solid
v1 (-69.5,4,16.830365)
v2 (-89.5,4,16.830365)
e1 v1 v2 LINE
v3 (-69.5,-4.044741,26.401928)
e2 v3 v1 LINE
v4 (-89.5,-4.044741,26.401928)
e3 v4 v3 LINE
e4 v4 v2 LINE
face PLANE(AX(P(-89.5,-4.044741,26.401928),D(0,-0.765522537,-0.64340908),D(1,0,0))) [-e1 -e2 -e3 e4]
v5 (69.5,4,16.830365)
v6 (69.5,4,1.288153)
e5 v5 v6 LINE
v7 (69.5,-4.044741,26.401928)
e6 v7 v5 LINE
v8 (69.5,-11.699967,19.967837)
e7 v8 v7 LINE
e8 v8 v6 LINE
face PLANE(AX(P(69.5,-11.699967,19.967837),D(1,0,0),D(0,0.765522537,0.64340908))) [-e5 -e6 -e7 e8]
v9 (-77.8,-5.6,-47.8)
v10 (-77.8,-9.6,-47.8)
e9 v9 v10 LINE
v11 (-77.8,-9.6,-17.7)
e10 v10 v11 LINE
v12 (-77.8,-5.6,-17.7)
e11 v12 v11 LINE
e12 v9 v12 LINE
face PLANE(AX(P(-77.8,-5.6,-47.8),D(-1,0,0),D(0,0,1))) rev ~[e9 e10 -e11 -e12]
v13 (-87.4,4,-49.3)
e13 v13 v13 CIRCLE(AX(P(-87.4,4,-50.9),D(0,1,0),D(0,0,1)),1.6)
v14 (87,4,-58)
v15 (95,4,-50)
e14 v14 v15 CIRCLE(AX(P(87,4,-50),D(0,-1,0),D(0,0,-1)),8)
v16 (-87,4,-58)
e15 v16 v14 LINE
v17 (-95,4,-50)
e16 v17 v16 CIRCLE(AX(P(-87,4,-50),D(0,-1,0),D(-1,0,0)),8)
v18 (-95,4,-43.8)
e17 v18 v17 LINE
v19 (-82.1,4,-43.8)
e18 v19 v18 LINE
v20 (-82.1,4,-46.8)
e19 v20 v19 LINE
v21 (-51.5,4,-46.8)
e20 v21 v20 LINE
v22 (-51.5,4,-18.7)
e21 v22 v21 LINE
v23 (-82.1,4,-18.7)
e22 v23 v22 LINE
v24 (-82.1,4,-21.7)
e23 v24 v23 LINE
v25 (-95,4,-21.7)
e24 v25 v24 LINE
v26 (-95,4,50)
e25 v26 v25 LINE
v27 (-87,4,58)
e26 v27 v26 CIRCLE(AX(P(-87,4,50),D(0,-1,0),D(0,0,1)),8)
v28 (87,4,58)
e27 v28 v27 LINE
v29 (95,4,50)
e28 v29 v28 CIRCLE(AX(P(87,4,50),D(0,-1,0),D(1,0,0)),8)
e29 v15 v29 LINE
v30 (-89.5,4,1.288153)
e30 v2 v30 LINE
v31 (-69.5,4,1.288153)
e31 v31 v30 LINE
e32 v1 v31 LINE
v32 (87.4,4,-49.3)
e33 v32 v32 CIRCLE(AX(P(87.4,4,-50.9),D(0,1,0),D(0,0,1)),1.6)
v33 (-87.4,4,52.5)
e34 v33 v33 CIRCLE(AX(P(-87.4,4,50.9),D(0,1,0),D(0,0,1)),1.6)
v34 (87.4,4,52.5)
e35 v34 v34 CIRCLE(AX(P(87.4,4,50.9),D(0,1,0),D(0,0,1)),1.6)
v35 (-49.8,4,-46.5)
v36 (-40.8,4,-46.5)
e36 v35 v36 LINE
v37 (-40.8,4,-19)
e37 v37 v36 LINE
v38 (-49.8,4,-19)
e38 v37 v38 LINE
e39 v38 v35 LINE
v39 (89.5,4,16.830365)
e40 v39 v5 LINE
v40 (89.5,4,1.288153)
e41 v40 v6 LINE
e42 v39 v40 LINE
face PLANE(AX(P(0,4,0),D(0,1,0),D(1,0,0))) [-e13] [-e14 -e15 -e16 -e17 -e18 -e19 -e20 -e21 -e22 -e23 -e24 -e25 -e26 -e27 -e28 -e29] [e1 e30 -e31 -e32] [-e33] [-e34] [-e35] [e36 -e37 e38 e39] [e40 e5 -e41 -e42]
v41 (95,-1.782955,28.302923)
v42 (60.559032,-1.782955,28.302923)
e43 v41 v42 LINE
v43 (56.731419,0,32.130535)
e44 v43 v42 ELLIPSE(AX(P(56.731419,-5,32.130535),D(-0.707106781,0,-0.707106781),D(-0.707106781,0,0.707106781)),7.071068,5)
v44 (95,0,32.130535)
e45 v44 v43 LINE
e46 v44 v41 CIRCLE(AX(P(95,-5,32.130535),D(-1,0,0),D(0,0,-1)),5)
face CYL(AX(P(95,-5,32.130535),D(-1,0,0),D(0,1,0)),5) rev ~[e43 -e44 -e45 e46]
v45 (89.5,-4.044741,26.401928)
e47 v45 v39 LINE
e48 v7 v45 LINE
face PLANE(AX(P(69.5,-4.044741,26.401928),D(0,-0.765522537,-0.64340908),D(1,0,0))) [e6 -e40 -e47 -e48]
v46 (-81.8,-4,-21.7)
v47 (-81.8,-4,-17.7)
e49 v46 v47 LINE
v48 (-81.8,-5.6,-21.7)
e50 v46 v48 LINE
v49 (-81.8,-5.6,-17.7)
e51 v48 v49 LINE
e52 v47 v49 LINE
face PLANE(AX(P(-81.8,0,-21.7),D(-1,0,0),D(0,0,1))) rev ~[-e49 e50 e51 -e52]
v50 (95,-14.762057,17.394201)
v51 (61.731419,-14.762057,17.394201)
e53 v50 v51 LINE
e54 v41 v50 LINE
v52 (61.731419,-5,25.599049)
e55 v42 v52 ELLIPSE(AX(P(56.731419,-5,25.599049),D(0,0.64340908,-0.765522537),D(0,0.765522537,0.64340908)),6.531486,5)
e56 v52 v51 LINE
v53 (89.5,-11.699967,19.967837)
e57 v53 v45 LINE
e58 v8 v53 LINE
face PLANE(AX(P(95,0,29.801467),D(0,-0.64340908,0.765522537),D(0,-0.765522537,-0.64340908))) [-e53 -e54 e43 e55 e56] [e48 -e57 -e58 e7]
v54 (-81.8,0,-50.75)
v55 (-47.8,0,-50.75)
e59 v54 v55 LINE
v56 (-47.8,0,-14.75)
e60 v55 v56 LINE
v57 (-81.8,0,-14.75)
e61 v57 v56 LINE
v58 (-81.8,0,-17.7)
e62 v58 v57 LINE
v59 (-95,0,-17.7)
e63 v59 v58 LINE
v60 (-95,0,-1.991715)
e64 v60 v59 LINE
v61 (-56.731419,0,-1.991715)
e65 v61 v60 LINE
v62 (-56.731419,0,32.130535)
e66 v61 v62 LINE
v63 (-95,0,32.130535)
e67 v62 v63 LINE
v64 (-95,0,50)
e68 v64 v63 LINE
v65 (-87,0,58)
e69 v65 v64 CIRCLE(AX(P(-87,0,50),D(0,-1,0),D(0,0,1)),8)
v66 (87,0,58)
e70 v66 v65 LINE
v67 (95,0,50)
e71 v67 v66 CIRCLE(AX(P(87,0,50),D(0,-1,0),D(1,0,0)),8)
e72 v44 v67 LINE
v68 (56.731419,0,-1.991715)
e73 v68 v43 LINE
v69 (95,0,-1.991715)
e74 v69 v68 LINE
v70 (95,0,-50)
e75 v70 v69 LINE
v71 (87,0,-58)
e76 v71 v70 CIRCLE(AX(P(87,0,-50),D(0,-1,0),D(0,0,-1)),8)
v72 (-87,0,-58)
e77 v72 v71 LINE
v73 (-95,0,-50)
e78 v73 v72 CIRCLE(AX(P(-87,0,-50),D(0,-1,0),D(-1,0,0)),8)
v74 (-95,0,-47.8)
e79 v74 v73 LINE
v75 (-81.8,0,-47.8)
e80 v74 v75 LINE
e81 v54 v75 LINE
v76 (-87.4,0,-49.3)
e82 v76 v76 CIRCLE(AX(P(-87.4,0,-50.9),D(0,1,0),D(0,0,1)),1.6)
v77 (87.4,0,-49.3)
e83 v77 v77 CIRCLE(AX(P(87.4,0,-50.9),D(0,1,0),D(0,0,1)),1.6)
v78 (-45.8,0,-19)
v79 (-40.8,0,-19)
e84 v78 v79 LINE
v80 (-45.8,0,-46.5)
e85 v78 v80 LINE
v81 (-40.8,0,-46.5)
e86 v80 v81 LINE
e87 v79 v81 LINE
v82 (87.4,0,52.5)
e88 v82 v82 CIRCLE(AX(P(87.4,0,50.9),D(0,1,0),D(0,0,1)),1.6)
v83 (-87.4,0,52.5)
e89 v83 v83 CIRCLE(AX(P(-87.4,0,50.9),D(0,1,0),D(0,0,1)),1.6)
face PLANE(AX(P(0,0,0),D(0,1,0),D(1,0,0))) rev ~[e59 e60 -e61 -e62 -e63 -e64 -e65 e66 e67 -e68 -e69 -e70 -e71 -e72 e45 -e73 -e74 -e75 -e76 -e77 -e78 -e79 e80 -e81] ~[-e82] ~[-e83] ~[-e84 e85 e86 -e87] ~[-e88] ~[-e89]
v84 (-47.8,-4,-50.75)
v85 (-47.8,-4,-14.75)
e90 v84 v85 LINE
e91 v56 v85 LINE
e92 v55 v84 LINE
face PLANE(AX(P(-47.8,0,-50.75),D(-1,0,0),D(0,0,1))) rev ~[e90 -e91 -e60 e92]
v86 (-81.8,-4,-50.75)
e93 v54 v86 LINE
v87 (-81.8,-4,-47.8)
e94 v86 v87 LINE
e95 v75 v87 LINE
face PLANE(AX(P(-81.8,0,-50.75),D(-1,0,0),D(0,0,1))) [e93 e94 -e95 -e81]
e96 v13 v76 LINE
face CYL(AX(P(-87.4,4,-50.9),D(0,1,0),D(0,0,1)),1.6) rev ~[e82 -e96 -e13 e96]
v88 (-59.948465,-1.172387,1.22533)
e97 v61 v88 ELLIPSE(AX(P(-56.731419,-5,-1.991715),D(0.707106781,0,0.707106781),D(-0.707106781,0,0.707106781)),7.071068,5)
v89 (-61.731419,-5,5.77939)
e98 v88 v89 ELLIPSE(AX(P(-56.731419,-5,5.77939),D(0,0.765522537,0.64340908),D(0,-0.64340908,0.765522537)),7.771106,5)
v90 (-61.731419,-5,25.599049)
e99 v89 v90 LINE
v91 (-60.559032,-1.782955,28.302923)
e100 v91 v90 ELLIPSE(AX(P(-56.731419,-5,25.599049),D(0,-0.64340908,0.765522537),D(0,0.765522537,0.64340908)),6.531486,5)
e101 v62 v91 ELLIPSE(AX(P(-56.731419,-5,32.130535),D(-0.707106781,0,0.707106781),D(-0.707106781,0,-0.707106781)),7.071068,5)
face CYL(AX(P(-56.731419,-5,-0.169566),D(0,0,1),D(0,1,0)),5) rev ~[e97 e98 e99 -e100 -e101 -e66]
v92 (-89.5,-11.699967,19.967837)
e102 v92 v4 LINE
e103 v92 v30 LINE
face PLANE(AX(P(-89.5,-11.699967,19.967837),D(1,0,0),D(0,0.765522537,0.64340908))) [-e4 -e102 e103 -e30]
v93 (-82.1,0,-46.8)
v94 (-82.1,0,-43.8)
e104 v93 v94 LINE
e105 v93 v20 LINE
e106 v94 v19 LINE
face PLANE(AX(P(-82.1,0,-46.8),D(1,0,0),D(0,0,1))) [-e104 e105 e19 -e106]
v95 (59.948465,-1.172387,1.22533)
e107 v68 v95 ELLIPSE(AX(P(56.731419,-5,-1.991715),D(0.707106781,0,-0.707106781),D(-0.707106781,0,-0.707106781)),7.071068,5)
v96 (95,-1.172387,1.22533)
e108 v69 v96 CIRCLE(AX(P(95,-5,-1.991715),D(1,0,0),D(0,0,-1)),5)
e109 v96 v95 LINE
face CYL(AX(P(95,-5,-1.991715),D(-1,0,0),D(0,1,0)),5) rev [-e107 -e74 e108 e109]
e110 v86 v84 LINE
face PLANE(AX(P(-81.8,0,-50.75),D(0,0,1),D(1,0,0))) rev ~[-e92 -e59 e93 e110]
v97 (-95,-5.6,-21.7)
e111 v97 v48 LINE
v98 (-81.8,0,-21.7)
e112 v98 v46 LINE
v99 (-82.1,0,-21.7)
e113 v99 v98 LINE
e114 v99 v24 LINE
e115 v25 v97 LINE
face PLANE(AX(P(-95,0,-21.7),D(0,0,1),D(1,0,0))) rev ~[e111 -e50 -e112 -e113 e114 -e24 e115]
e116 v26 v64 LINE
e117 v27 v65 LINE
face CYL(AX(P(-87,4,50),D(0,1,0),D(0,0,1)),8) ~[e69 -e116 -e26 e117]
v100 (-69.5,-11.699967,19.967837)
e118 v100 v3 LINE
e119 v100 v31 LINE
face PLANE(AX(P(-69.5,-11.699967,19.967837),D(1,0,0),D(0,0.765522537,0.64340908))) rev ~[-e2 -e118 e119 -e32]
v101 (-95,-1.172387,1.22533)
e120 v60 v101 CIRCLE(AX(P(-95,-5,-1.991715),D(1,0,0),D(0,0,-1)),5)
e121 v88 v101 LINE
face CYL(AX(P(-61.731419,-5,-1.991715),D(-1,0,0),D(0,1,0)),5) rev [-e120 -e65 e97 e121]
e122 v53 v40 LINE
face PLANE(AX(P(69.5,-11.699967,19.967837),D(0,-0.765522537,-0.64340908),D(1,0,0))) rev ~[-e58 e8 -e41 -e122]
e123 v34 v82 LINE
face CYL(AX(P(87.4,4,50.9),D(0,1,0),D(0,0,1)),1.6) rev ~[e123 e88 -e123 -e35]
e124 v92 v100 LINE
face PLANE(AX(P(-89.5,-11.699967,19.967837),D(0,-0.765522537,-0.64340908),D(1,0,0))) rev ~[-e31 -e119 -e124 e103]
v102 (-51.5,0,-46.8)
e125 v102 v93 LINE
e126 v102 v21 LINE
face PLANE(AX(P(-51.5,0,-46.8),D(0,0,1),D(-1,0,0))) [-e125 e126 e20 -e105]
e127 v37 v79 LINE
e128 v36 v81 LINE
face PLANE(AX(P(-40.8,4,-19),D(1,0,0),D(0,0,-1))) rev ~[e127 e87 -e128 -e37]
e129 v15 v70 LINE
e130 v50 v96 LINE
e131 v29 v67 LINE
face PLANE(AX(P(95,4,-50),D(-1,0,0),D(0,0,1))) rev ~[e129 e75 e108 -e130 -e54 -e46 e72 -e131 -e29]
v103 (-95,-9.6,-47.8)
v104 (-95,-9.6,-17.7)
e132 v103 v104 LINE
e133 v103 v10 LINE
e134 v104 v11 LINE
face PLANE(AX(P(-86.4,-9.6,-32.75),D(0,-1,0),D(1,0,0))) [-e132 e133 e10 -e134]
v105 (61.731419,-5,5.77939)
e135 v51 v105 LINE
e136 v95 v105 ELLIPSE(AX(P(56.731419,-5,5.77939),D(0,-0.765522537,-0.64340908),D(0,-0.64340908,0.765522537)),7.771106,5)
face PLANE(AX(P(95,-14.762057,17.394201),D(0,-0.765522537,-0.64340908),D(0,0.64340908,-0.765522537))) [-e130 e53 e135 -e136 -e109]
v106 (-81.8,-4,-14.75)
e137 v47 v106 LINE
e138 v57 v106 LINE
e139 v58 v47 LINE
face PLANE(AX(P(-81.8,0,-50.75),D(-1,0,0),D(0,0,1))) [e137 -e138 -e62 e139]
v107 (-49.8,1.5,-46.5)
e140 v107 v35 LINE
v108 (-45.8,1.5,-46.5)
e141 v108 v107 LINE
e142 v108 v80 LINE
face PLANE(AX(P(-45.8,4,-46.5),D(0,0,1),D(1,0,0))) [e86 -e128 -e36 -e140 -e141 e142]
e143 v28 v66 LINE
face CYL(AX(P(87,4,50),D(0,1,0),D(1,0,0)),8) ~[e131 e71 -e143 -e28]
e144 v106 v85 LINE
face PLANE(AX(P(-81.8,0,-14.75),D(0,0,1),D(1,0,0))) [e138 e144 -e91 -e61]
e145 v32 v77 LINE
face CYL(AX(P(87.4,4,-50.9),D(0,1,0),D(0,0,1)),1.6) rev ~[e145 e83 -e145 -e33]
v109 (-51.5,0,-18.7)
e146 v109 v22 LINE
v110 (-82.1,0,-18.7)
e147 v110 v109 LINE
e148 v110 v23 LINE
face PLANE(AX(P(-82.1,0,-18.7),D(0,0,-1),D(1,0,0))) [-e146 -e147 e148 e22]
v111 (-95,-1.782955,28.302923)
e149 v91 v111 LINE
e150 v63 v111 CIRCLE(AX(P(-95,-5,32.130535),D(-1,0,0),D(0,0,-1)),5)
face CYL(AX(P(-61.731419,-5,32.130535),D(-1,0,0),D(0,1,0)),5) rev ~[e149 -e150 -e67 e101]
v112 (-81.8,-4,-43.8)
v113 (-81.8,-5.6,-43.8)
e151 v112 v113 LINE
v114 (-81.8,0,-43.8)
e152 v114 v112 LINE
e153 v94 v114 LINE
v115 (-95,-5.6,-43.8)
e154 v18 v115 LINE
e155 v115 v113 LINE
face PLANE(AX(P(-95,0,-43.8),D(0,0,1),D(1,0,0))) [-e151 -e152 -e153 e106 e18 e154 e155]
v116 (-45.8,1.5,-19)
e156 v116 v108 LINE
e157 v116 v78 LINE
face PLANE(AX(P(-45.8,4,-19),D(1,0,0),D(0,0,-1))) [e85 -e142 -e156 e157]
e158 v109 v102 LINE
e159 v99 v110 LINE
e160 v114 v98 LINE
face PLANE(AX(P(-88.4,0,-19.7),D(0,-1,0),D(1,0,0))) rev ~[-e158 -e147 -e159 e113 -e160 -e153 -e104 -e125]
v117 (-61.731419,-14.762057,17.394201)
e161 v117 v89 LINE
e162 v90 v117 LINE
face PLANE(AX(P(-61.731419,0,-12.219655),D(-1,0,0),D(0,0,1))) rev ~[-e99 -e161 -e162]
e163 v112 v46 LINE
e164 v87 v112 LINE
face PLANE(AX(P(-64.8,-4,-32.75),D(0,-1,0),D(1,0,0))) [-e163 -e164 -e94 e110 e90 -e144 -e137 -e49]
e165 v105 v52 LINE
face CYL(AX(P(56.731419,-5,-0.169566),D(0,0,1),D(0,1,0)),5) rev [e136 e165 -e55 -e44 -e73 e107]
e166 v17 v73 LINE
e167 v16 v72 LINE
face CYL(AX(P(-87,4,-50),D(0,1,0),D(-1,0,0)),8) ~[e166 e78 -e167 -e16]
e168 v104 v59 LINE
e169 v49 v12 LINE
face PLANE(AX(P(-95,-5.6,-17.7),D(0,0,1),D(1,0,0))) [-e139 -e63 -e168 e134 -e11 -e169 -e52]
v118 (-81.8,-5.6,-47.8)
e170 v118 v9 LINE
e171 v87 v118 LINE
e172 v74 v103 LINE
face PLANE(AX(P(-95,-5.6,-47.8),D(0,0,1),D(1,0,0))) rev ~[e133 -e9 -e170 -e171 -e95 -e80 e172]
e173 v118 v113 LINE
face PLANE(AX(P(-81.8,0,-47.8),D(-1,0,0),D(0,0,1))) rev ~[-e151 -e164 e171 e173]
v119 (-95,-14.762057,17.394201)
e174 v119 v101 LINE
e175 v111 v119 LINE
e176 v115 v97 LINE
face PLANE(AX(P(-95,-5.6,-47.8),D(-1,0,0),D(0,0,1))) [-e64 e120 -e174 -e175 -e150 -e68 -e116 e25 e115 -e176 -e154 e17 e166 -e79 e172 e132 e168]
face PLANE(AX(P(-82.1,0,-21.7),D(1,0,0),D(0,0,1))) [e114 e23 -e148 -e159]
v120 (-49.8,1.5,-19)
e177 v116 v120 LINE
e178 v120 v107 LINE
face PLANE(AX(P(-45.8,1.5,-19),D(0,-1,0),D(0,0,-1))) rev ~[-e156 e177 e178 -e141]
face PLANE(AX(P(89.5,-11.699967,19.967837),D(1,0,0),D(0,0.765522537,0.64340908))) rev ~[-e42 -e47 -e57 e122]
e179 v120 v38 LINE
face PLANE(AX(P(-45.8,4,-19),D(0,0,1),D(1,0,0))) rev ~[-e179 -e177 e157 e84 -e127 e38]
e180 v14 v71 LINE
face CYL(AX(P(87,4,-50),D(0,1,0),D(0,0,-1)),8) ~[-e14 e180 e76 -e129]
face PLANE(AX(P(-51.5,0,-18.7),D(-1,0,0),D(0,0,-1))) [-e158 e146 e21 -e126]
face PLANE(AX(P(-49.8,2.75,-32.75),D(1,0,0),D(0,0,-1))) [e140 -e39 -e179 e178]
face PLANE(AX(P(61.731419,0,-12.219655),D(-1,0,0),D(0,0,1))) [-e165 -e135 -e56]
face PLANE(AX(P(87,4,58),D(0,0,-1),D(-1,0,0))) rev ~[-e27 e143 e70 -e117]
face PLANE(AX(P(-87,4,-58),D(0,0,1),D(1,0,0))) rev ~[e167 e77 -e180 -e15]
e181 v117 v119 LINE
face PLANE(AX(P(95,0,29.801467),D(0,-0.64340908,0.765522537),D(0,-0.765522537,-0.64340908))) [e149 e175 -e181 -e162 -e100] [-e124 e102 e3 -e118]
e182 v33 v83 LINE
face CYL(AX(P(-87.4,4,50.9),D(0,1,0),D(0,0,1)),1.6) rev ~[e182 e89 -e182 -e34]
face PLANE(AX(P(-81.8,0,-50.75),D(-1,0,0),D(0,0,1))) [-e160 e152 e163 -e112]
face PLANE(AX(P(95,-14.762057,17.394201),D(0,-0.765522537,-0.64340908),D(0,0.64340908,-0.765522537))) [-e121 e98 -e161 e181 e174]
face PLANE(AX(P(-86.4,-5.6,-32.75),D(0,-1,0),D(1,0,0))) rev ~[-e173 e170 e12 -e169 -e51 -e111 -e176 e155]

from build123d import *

# Parameters (mm, degrees)
SKETCH_1_W          = 272.533053494
SKETCH_1_H          = 136.587531522
EXTRUDE_1_DEPTH     = 4
SKETCH_2_W          = 272.533053494
SKETCH_2_H          = 136.587531522
CUT_EXTRUDE_1_DEPTH = 4
CUT_EXTRUDE_2_DEPTH = 4
CUT_EXTRUDE_3_DEPTH = 4
SKETCH_5_W          = 34
SKETCH_5_H          = 36
EXTRUDE_2_DEPTH     = 4
SKETCH_6_W          = 13.2
SKETCH_6_H          = 4
EXTRUDE_3_DEPTH     = 5.6
SKETCH_7_W          = 17.2
SKETCH_7_H          = 30.1
EXTRUDE_4_DEPTH     = 4
SKETCH_8_W          = 5
SKETCH_8_H          = 27.5
CUT_EXTRUDE_4_DEPTH = 4
SKETCH_9_W          = 27.5
SKETCH_9_H          = 2.5
CUT_EXTRUDE_5_DEPTH = 4
SKETCH_10_R         = 1.6
CUT_EXTRUDE_6_DEPTH = 10
EXTRUDE_5_DEPTH     = 190
SKETCH_13_W         = 20
SKETCH_13_H         = 10
CUT_EXTRUDE_7_DEPTH = 300
SKETCH_16_W         = 123.462838452
SKETCH_16_H         = 44.826507499
CUT_EXTRUDE_8_DEPTH = 21
FILLET_2_R          = 5


with BuildPart() as part:
    # 草图1 → 凸台-拉伸1 (new body)
    with BuildSketch(Plane(origin=(0, 0, 0), x_dir=(1, 0, 0), z_dir=(0, 1, 0))):
        Rectangle(SKETCH_1_W, SKETCH_1_H)
    extrude(amount=EXTRUDE_1_DEPTH)

    # 草图2 → 切除-拉伸1 (cut)
    with BuildSketch(Plane(origin=(0, 4, 0), x_dir=(1, 0, 0), z_dir=(0, 1, 0))):
        Rectangle(SKETCH_2_W, SKETCH_2_H)
        with BuildLine():
            Line((-87, 58), (87, 58))
            ThreePointArc((87, 58), (92.656854249, 55.656854249), (95, 50))
            Line((95, 50), (95, -50))
            ThreePointArc((95, -50), (92.656854249, -55.656854249), (87, -58))
            Line((87, -58), (-87, -58))
            ThreePointArc((-87, -58), (-92.656854249, -55.656854249), (-95, -50))
            Line((-95, -50), (-95, 50))
            ThreePointArc((-95, 50), (-92.656854249, 55.656854249), (-87, 58))
        make_face(mode=Mode.SUBTRACT)
    extrude(amount=-CUT_EXTRUDE_1_DEPTH, mode=Mode.SUBTRACT)

    # 草图3 → 切除-拉伸2 (cut)
    with BuildSketch(Plane.XZ):
        Polygon((-95, -22), (-81.8, -22), (-81.8, -19), (-51.8, -19), (-51.8, -46.5), (-81.8, -46.5), (-81.8, -43.5), (-95, -43.5), align=None)
    extrude(amount=-CUT_EXTRUDE_2_DEPTH, mode=Mode.SUBTRACT)

    # 草图4 → 切除-拉伸3 (cut)
    with BuildSketch(Plane.XZ):
        Polygon((-51.5, -18.7), (-51.5, -46.8), (-82.1, -46.8), (-82.1, -43.8), (-95, -43.8), (-95, -21.7), (-82.1, -21.7), (-82.1, -18.7), align=None)
    extrude(amount=-CUT_EXTRUDE_3_DEPTH, mode=Mode.SUBTRACT)

    # 草图5 → 凸台-拉伸2 (add)
    with BuildSketch(Plane.XZ):
        with Locations((-64.8, -32.75)):
            Rectangle(SKETCH_5_W, SKETCH_5_H)
    extrude(amount=EXTRUDE_2_DEPTH)

    # 草图6 → 凸台-拉伸3 (add)
    with BuildSketch(Plane.XZ):
        with Locations((-88.4, -19.7)):
            Rectangle(SKETCH_6_W, SKETCH_6_H)
        with Locations((-88.4, -45.8)):
            Rectangle(SKETCH_6_W, SKETCH_6_H)
    extrude(amount=EXTRUDE_3_DEPTH)

    # 草图7 → 凸台-拉伸4 (add)
    with BuildSketch(Plane.XZ.offset(5.6)):
        with Locations((-86.4, -32.75)):
            Rectangle(SKETCH_7_W, SKETCH_7_H)
    extrude(amount=EXTRUDE_4_DEPTH)

    # 草图8 → 切除-拉伸4 (cut)
    with BuildSketch(Plane(origin=(0, 4, 0), x_dir=(1, 0, 0), z_dir=(0, 1, 0))):
        with Locations((-43.3, 32.75)):
            Rectangle(SKETCH_8_W, SKETCH_8_H)
    extrude(amount=-CUT_EXTRUDE_4_DEPTH, mode=Mode.SUBTRACT)

    # 草图9 → 切除-拉伸5 (cut)
    with BuildSketch(Plane(origin=(-45.8, 0, 0), x_dir=(0, 0, -1), z_dir=(1, 0, 0))):
        with Locations((32.75, 2.75)):
            Rectangle(SKETCH_9_W, SKETCH_9_H)
    extrude(amount=-CUT_EXTRUDE_5_DEPTH, mode=Mode.SUBTRACT)

    # 草图10 → 切除-拉伸6 (cut)
    with BuildSketch(Plane(origin=(0, 4, 0), x_dir=(1, 0, 0), z_dir=(0, 1, 0))):
        with Locations(Location((87.4, 50.9, 0), (0, 0, 270))):
            Circle(SKETCH_10_R)
        with Locations(Location((-87.4, 50.9, 0), (0, 0, 270))):
            Circle(SKETCH_10_R)
        with Locations(Location((-87.4, -50.9, 0), (0, 0, 270))):
            Circle(SKETCH_10_R)
        with Locations(Location((87.4, -50.9, 0), (0, 0, 270))):
            Circle(SKETCH_10_R)
    extrude(amount=-CUT_EXTRUDE_6_DEPTH, mode=Mode.SUBTRACT)

    # 草图11 → 凸台-拉伸5 (add)
    with BuildSketch(Plane(origin=(95, 0, 0), x_dir=(0, 0, -1), z_dir=(1, 0, 0))):
        Polygon((0.198533436, 0.024346469), (-29.801466564, 0), (-17.394200934, -14.762056921), align=None)
    extrude(amount=-EXTRUDE_5_DEPTH)

    # 草图13 → 切除-拉伸7 (cut)
    with BuildSketch(Plane(origin=(0, -14.678538072, 17.464397151), x_dir=(1, 0, 0), z_dir=(0, -0.6434090803775565, 0.7655225374133063))):
        with Locations((79.5, 8.890899555)):
            Rectangle(SKETCH_13_W, SKETCH_13_H)
        with Locations((-79.5, 8.890899555)):
            Rectangle(SKETCH_13_W, SKETCH_13_H)
    extrude(amount=-CUT_EXTRUDE_7_DEPTH, mode=Mode.SUBTRACT)

    # 草图16 → 切除-拉伸8 (cut)
    with BuildSketch(Plane.XZ):
        with Locations((0, 10.193598456)):
            Rectangle(SKETCH_16_W, SKETCH_16_H)
    extrude(amount=CUT_EXTRUDE_8_DEPTH, mode=Mode.SUBTRACT)

    # 圆角2
    fillet_2_edges = [part.edges().sort_by_distance(p)[0] for p in [
        (-78.365709613, 0, 29.801466564),
        (-78.365709613, 0, -0.169566218),
        (78.365709613, 0, -0.169566218),
        (78.365709613, 0, 29.801466564),
        (61.731419226, 0, 14.815950173),
        (-61.731419226, 0, 14.815950173),
    ]]
    fillet(fillet_2_edges, radius=FILLET_2_R)


solid = part.part
